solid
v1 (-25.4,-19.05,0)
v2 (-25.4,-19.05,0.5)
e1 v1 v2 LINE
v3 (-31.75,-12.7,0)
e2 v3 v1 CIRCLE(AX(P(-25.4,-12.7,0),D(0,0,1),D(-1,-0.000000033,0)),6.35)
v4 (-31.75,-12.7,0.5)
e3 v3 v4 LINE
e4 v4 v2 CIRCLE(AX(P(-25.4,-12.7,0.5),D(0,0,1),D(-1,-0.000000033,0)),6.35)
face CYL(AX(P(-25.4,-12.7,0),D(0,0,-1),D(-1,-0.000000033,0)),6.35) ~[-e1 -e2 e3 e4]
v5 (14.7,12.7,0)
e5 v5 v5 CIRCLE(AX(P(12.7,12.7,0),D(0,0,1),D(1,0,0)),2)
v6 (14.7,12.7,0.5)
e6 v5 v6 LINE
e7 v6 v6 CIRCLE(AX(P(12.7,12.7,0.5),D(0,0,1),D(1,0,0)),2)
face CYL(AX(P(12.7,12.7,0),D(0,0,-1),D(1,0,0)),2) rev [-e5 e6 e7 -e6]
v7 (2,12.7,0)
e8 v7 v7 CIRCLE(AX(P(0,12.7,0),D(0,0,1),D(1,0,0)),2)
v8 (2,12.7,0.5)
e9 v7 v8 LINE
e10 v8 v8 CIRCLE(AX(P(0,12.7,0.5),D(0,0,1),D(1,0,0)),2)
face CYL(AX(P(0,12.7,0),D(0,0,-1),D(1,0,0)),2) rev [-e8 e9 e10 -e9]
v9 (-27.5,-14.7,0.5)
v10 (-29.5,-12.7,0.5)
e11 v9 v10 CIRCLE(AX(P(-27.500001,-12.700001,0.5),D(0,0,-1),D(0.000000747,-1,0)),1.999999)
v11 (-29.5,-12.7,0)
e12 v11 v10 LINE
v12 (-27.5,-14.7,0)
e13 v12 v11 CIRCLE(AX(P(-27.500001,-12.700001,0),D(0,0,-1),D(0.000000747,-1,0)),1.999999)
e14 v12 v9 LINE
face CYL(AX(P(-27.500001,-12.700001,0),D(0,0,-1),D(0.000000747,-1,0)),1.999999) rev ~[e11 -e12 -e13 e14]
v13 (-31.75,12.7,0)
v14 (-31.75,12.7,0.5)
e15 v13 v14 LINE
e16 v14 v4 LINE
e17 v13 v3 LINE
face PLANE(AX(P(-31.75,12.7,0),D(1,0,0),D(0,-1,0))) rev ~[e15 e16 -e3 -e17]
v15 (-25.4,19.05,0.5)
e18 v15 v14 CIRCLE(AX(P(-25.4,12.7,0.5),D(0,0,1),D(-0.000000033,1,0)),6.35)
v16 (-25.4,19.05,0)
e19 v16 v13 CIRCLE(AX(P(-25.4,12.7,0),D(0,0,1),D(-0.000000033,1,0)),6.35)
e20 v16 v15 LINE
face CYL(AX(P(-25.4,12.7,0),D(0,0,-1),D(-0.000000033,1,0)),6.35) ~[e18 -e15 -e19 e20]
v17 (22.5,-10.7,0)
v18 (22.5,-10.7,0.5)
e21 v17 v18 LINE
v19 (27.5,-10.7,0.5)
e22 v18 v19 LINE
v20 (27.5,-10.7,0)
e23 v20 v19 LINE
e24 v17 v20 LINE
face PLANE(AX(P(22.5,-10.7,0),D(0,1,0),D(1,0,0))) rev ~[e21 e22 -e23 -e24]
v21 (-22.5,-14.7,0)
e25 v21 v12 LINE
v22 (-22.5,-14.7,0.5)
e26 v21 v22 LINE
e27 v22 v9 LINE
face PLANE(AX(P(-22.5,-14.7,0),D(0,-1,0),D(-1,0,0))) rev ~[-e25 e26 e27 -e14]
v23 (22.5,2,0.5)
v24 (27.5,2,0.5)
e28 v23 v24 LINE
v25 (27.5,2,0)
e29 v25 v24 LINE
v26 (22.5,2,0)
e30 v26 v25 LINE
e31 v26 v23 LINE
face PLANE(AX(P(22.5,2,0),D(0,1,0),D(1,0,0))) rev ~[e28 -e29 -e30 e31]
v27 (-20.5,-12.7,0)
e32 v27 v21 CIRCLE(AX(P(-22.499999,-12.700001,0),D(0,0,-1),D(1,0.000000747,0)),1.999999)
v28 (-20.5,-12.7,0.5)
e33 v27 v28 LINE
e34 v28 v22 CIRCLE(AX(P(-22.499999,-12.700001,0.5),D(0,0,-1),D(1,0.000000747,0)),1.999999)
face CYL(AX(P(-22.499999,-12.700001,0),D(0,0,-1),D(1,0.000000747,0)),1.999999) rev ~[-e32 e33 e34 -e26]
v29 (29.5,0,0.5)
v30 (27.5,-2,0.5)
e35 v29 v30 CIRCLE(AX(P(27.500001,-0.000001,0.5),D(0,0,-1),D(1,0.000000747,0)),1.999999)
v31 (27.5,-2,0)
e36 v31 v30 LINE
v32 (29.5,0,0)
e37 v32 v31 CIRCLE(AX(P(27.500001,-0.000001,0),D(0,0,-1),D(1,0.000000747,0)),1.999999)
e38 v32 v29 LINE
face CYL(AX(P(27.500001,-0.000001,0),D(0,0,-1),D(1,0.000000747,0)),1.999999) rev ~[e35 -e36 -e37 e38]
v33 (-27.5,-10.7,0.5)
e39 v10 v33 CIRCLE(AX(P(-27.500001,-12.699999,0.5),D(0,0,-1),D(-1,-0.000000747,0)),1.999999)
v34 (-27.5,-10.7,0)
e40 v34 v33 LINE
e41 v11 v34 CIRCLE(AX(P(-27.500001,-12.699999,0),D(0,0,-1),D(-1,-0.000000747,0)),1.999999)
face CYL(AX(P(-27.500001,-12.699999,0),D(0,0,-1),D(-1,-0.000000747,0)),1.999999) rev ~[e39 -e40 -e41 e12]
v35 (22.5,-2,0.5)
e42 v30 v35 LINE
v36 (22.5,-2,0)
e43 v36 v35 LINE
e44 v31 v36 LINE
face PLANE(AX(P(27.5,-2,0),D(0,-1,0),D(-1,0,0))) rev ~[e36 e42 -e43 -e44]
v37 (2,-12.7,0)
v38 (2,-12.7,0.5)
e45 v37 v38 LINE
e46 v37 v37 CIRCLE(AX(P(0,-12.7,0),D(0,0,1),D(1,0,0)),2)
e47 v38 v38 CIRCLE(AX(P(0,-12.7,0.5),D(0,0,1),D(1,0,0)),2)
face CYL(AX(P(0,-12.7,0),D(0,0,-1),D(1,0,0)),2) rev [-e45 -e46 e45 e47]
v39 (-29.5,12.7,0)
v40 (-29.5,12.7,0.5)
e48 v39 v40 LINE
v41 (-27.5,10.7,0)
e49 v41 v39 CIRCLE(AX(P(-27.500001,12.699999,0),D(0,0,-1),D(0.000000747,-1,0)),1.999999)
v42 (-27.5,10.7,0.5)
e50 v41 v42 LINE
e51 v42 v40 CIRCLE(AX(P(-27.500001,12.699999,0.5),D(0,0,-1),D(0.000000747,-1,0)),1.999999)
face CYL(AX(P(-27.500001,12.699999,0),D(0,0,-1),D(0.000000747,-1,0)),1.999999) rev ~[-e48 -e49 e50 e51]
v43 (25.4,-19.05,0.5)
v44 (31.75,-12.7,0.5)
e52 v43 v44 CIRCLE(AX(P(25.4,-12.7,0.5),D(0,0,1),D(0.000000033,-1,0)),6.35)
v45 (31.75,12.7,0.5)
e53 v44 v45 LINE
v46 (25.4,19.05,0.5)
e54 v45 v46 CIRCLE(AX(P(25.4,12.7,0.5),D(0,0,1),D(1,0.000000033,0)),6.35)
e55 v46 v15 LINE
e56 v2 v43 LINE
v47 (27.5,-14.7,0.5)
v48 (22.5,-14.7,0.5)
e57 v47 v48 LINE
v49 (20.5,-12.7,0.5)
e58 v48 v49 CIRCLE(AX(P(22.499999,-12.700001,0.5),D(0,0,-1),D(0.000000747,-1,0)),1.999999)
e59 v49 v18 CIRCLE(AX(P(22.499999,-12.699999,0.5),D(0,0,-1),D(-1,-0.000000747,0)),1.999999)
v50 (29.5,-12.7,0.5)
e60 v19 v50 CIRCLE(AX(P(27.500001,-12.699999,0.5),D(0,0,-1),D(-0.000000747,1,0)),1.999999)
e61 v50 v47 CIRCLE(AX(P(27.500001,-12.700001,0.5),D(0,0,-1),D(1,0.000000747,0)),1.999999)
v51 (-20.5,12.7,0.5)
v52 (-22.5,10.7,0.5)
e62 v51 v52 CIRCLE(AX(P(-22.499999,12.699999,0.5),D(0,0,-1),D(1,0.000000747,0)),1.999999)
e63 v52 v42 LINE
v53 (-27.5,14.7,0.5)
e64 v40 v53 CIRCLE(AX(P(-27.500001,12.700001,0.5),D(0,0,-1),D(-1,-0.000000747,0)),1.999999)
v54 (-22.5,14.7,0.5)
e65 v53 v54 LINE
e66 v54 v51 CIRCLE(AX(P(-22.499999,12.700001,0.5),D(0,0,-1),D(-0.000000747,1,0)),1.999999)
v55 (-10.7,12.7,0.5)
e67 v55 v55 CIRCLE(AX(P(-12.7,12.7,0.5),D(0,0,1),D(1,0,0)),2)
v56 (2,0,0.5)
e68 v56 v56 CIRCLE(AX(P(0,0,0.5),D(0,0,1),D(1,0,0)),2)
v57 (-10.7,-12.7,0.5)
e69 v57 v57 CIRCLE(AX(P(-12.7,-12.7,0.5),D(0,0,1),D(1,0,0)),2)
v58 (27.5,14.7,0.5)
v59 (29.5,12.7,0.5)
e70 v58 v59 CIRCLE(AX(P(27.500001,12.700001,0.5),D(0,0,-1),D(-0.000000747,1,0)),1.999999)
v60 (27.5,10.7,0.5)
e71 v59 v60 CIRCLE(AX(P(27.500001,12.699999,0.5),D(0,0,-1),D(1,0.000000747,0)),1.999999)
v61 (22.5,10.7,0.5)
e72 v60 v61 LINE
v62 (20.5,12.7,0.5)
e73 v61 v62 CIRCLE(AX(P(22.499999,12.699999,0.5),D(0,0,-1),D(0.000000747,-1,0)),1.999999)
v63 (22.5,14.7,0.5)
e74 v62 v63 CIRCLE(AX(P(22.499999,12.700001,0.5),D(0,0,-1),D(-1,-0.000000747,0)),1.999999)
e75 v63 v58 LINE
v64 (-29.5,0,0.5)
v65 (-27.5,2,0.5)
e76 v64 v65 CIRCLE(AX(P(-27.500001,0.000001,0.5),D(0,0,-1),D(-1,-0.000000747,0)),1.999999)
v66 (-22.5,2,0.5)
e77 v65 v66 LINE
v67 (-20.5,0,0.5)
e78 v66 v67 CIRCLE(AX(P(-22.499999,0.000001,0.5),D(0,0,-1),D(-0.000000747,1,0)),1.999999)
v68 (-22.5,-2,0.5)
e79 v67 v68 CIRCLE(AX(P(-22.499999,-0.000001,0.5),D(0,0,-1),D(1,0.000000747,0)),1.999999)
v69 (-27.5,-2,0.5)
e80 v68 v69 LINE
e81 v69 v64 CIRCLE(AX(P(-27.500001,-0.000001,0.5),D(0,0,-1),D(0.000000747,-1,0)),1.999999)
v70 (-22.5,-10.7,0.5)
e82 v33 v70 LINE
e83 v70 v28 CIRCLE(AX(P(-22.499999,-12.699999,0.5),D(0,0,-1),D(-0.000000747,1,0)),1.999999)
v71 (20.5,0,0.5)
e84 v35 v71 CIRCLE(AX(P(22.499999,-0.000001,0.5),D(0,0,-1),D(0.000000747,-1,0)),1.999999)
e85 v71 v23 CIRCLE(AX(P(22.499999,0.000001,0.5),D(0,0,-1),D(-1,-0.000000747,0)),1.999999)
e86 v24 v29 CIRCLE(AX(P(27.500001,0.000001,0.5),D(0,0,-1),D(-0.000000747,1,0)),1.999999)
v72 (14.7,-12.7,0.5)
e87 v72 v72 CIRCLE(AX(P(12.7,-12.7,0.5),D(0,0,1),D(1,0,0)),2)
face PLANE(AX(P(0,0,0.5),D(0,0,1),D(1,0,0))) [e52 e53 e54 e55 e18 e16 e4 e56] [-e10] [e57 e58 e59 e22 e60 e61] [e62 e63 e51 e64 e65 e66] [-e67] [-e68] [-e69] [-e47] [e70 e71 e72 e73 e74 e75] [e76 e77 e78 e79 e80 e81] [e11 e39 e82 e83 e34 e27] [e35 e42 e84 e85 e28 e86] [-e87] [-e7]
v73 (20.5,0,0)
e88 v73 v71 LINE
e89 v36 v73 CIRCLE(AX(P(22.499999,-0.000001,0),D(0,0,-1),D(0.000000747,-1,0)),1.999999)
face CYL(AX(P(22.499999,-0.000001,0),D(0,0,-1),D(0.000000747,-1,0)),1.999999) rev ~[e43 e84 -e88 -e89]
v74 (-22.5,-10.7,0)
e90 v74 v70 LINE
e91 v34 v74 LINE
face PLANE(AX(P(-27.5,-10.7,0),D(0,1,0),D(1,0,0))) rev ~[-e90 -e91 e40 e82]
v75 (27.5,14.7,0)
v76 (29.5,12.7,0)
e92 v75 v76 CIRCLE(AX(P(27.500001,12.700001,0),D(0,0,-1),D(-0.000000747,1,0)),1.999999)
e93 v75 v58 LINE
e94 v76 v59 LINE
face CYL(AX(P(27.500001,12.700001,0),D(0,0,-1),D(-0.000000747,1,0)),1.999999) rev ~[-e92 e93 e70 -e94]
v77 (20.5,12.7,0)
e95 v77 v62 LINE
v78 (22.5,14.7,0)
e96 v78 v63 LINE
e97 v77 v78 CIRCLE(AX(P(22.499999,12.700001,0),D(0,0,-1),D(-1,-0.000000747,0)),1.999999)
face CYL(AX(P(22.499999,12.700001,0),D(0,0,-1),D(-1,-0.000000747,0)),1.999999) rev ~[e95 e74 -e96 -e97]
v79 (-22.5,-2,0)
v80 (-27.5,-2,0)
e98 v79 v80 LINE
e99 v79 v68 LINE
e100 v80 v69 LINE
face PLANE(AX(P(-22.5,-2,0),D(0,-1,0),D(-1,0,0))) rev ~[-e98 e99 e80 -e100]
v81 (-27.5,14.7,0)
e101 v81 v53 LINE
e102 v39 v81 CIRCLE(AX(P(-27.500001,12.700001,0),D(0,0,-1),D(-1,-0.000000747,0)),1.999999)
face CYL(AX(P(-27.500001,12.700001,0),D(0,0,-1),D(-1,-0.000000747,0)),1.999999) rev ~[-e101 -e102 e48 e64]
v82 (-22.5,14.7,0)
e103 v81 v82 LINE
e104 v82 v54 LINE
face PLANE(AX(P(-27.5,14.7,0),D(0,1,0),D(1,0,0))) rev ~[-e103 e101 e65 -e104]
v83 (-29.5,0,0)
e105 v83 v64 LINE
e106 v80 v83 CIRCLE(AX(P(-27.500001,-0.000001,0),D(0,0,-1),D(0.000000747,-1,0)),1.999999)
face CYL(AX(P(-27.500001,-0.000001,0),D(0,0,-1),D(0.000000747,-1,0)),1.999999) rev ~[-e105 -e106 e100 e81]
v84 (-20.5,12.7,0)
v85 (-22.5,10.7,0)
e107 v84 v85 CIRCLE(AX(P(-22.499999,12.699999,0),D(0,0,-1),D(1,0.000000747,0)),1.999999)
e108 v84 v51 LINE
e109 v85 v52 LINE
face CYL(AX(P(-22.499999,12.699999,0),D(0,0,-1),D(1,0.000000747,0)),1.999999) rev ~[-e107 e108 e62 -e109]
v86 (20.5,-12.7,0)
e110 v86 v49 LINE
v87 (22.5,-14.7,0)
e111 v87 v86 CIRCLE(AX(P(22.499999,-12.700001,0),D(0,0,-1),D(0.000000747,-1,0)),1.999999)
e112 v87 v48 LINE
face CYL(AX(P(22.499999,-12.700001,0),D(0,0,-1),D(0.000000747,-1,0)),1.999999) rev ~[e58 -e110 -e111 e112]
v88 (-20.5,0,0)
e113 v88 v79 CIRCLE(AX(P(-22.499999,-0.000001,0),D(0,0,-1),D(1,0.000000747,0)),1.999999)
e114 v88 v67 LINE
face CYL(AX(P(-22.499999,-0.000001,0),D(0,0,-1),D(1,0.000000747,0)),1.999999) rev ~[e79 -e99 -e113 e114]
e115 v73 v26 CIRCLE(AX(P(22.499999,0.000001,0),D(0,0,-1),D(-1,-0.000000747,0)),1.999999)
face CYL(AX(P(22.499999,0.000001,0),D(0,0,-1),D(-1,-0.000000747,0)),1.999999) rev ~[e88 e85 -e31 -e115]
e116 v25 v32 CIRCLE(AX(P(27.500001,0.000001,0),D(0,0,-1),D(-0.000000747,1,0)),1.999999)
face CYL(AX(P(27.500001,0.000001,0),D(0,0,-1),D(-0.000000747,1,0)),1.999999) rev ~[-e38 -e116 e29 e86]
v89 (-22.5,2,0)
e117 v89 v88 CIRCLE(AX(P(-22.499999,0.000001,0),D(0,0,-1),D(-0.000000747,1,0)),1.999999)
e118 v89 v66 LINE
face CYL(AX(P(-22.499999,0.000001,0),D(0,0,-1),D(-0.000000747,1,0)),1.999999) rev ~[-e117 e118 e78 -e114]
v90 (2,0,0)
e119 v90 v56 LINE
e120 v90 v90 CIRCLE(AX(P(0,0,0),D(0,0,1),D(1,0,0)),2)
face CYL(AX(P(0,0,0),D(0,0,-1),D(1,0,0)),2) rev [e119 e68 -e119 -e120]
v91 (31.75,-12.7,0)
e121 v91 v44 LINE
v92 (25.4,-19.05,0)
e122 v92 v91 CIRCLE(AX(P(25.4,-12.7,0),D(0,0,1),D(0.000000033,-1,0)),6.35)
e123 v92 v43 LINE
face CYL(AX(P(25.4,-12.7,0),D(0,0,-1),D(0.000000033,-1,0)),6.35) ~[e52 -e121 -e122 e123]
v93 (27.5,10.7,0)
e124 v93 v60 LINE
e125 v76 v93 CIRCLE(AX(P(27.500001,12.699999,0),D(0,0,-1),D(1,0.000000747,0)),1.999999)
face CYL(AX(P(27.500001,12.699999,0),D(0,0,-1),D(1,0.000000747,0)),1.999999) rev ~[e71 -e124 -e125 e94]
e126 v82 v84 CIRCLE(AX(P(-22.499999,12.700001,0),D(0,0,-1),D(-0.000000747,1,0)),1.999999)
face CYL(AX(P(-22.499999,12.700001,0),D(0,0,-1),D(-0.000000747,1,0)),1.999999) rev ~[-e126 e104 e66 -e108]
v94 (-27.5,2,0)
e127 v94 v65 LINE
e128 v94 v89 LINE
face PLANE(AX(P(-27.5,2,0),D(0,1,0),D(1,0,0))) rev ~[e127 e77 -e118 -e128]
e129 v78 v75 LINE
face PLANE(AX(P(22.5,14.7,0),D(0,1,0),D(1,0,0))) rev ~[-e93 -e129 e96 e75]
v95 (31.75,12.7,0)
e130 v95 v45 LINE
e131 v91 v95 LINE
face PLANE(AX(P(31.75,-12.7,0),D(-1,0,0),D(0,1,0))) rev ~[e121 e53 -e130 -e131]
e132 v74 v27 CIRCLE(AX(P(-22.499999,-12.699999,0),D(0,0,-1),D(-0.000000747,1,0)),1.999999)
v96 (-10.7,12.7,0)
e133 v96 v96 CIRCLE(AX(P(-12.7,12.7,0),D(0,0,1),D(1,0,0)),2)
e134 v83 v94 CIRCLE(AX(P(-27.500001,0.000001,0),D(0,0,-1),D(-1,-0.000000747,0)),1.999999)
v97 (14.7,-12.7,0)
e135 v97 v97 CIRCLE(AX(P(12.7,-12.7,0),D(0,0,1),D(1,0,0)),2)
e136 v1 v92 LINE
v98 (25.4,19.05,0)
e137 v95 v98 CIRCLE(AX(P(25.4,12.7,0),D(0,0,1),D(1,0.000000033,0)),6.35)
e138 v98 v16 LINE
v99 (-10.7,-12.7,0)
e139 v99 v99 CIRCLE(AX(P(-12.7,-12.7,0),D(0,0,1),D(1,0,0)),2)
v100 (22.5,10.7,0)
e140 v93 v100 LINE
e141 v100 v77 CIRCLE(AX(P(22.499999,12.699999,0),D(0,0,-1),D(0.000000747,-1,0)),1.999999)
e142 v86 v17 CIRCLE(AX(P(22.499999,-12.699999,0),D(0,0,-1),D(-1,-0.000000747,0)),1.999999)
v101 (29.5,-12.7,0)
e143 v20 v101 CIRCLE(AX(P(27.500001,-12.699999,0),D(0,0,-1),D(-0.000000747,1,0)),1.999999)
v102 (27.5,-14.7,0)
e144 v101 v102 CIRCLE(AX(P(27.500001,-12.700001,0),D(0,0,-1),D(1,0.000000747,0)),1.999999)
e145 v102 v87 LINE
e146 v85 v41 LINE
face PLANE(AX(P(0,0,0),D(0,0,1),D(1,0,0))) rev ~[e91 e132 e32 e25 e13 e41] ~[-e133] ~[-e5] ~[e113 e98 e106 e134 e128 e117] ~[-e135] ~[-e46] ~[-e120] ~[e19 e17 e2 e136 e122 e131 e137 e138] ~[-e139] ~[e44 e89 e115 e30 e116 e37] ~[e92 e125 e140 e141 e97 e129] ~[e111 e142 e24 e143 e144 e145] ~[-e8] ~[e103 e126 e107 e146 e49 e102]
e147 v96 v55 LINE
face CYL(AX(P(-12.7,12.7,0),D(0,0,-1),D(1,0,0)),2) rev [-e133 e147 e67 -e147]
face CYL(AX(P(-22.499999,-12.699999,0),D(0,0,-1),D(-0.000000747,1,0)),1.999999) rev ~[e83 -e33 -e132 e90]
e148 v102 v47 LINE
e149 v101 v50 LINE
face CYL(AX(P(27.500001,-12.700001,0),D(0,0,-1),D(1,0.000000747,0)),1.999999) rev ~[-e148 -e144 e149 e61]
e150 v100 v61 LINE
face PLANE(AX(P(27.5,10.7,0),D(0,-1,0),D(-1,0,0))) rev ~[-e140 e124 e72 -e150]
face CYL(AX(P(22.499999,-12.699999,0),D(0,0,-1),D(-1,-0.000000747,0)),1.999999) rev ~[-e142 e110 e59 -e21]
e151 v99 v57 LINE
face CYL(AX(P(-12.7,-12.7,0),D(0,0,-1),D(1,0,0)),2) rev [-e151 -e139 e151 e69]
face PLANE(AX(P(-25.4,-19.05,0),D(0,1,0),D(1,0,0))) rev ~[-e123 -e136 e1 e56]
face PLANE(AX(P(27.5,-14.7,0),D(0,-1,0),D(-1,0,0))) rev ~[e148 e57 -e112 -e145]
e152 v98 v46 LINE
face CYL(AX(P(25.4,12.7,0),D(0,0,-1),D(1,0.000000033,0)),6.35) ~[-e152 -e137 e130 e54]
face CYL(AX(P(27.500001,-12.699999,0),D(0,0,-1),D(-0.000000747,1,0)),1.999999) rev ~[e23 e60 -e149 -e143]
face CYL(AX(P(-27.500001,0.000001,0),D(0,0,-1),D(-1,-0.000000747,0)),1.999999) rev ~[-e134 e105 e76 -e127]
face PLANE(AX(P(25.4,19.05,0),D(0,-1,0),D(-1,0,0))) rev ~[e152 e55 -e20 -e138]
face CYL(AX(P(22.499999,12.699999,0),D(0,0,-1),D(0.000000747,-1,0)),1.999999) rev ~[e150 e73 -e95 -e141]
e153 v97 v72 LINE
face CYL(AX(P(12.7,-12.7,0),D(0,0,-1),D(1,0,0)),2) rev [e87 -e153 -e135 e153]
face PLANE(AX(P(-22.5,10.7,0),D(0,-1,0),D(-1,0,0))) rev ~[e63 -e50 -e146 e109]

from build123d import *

# Parameters (mm, degrees)
F0_R     = 2
F1_DEPTH = 0.5


with BuildPart() as f1:
    # F0 (on Top) → F1 (new body)
    with BuildSketch(Plane.XY):
        with BuildLine():
            ThreePointArc((31.75, 12.7), (29.890128, 17.190128), (25.4, 19.05))
            Line((25.4, 19.05), (-25.4, 19.05))
            ThreePointArc((-25.4, 19.05), (-29.890128, 17.190128), (-31.75, 12.7))
            Line((-31.75, 12.7), (-31.75, -12.7))
            ThreePointArc((-31.75, -12.7), (-29.890128, -17.190128), (-25.4, -19.05))
            Line((-25.4, -19.05), (25.4, -19.05))
            ThreePointArc((25.4, -19.05), (29.890128, -17.190128), (31.75, -12.7))
            Line((31.75, -12.7), (31.75, 12.7))
        make_face()
        with BuildLine():
            ThreePointArc((-22.5, -10.7), (-21.085786, -11.285786), (-20.5, -12.7))
            ThreePointArc((-20.5, -12.7), (-21.085786, -14.114214), (-22.5, -14.7))
            Line((-22.5, -14.7), (-27.5, -14.7))
            ThreePointArc((-27.5, -14.7), (-28.914214, -14.114214), (-29.5, -12.7))
            ThreePointArc((-29.5, -12.7), (-28.914214, -11.285786), (-27.5, -10.7))
            Line((-27.5, -10.7), (-22.5, -10.7))
        make_face(mode=Mode.SUBTRACT)
        with Locations((-12.7, -12.7)):
            Circle(F0_R, mode=Mode.SUBTRACT)
        with Locations((0, -12.7)):
            Circle(F0_R, mode=Mode.SUBTRACT)
        with Locations((12.7, -12.7)):
            Circle(F0_R, mode=Mode.SUBTRACT)
        with BuildLine():
            ThreePointArc((22.5, -14.7), (21.085786, -14.114214), (20.5, -12.7))
            ThreePointArc((20.5, -12.7), (21.085786, -11.285786), (22.5, -10.7))
            Line((22.5, -10.7), (27.5, -10.7))
            ThreePointArc((27.5, -10.7), (28.914214, -11.285786), (29.5, -12.7))
            ThreePointArc((29.5, -12.7), (28.914214, -14.114214), (27.5, -14.7))
            Line((27.5, -14.7), (22.5, -14.7))
        make_face(mode=Mode.SUBTRACT)
        with BuildLine():
            ThreePointArc((29.5, 0), (28.914214, -1.414214), (27.5, -2))
            Line((27.5, -2), (22.5, -2))
            ThreePointArc((22.5, -2), (21.085786, -1.414214), (20.5, 0))
            ThreePointArc((20.5, 0), (21.085786, 1.414214), (22.5, 2))
            Line((22.5, 2), (27.5, 2))
            ThreePointArc((27.5, 2), (28.914214, 1.414214), (29.5, 0))
        make_face(mode=Mode.SUBTRACT)
        with BuildLine():
            ThreePointArc((-27.5, -2), (-28.914214, -1.414214), (-29.5, 0))
            ThreePointArc((-29.5, 0), (-28.914214, 1.414214), (-27.5, 2))
            Line((-27.5, 2), (-22.5, 2))
            ThreePointArc((-22.5, 2), (-21.085786, 1.414214), (-20.5, 0))
            ThreePointArc((-20.5, 0), (-21.085786, -1.414214), (-22.5, -2))
            Line((-22.5, -2), (-27.5, -2))
        make_face(mode=Mode.SUBTRACT)
        with BuildLine():
            ThreePointArc((-22.5, 14.7), (-21.085786, 14.114214), (-20.5, 12.7))
            ThreePointArc((-20.5, 12.7), (-21.085786, 11.285786), (-22.5, 10.7))
            Line((-22.5, 10.7), (-27.5, 10.7))
            ThreePointArc((-27.5, 10.7), (-28.914214, 11.285786), (-29.5, 12.7))
            ThreePointArc((-29.5, 12.7), (-28.914214, 14.114214), (-27.5, 14.7))
            Line((-27.5, 14.7), (-22.5, 14.7))
        make_face(mode=Mode.SUBTRACT)
        with Locations((-12.7, 12.7)):
            Circle(F0_R, mode=Mode.SUBTRACT)
        Circle(F0_R, mode=Mode.SUBTRACT)
        with Locations((0, 12.7)):
            Circle(F0_R, mode=Mode.SUBTRACT)
        with Locations((12.7, 12.7)):
            Circle(F0_R, mode=Mode.SUBTRACT)
        with BuildLine():
            ThreePointArc((29.5, 12.7), (28.914214, 11.285786), (27.5, 10.7))
            Line((27.5, 10.7), (22.5, 10.7))
            ThreePointArc((22.5, 10.7), (21.085786, 11.285786), (20.5, 12.7))
            ThreePointArc((20.5, 12.7), (21.085786, 14.114214), (22.5, 14.7))
            Line((22.5, 14.7), (27.5, 14.7))
            ThreePointArc((27.5, 14.7), (28.914214, 14.114214), (29.5, 12.7))
        make_face(mode=Mode.SUBTRACT)
    extrude(amount=F1_DEPTH)


solid = f1.part
